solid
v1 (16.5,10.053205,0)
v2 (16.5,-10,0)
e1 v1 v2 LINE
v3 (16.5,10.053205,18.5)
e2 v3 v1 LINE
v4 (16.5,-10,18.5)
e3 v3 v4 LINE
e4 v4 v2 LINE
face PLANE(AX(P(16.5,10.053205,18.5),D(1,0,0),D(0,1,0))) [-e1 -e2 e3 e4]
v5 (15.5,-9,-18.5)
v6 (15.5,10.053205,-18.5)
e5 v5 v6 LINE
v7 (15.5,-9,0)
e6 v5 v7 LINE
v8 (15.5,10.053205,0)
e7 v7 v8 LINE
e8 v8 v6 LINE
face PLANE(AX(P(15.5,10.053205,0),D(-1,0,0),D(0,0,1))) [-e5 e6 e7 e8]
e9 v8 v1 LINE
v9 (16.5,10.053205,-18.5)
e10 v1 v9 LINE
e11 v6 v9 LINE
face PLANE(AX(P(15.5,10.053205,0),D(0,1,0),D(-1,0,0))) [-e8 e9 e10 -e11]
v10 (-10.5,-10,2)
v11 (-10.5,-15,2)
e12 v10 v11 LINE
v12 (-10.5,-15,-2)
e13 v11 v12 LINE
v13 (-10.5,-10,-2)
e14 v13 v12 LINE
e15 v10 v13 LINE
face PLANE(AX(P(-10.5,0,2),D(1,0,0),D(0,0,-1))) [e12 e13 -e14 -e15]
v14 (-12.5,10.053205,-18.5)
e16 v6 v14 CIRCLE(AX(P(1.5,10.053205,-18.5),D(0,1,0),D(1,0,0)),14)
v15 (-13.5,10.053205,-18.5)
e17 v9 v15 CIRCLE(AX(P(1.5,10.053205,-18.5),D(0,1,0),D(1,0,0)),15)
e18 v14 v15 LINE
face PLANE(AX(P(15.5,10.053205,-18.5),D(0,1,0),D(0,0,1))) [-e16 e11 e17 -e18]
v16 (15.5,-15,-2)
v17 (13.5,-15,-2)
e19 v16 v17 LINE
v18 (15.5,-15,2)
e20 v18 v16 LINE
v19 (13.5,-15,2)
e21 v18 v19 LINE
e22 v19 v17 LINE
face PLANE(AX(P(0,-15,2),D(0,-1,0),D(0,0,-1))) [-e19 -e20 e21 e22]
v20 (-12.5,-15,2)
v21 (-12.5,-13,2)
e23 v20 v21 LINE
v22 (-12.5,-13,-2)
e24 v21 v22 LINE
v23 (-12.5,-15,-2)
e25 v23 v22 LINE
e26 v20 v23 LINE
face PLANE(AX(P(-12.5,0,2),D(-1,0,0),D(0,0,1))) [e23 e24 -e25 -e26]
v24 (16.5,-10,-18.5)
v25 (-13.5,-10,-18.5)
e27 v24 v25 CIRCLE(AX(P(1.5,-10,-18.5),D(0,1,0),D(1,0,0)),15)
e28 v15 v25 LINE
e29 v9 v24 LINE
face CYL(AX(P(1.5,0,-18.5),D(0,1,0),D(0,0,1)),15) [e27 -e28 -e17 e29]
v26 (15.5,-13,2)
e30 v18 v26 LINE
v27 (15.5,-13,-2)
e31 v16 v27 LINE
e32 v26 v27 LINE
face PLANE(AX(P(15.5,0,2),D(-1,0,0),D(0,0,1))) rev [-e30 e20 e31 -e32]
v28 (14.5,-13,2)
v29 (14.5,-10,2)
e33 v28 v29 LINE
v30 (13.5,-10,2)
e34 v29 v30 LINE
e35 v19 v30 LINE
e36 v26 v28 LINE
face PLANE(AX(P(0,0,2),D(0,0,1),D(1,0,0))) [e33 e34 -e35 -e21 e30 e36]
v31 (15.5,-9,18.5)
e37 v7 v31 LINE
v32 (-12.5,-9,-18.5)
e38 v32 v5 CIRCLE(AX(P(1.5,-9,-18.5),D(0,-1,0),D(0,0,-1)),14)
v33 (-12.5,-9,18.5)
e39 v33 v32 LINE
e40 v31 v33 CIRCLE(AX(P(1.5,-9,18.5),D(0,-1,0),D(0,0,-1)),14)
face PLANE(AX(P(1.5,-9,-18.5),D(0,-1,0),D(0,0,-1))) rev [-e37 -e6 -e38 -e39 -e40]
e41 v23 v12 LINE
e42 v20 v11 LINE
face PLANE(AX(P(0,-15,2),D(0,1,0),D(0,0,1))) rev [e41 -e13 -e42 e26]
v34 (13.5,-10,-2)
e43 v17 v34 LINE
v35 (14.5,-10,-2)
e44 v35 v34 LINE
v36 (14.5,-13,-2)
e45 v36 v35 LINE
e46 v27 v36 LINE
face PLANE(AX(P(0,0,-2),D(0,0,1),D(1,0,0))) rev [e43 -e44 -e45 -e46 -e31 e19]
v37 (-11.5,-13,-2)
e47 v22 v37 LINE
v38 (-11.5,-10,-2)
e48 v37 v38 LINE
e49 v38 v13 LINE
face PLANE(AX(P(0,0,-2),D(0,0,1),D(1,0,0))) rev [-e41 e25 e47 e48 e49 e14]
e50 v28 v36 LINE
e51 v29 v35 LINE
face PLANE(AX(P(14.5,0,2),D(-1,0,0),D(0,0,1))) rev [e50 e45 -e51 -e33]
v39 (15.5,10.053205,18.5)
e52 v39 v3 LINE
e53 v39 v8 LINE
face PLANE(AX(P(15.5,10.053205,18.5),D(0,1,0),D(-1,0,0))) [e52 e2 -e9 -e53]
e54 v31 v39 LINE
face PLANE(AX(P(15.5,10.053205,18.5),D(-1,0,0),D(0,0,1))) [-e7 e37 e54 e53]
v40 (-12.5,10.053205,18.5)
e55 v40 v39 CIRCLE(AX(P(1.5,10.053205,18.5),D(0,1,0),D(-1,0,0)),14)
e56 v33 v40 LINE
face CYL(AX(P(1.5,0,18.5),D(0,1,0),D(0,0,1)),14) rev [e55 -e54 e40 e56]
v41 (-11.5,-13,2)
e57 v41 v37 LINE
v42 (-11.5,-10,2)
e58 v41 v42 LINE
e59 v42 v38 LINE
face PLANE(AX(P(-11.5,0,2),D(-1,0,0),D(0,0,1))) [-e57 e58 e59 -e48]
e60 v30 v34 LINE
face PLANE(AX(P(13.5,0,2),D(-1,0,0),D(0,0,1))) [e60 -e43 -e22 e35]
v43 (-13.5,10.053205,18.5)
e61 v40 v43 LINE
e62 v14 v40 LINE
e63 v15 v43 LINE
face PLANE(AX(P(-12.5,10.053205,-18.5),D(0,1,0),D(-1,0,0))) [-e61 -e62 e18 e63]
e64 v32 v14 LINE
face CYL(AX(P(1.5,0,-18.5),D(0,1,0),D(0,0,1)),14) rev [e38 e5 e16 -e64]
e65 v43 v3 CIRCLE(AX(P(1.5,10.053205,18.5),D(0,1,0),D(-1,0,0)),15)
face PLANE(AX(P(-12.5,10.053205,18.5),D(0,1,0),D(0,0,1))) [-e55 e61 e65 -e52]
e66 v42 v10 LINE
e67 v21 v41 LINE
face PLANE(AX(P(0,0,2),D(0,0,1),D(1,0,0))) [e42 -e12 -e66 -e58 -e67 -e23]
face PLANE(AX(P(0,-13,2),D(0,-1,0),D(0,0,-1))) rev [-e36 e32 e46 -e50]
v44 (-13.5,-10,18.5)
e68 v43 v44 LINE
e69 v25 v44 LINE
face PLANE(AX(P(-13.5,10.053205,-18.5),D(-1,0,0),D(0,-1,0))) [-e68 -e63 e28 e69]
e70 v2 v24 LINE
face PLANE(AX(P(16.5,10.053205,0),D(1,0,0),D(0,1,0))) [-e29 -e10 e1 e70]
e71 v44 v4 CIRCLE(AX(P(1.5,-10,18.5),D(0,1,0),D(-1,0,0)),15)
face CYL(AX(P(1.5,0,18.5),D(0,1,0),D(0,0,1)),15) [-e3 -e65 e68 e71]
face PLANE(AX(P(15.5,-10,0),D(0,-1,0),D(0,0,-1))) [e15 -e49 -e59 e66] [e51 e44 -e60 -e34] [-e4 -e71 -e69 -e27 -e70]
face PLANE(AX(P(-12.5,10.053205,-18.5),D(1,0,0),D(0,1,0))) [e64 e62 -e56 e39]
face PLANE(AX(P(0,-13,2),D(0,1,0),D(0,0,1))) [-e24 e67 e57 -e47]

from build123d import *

# Parameters (mm, degrees)
SKETCH1_W           = 1
SKETCH1_H           = 20.053205005
BOSS_EXTRUDE2_DEPTH = 1
BOSS_EXTRUDE4_DEPTH = 2


with BuildPart() as part:
    # Sweep9: sweep along a path in Sketch2
    with BuildLine(Plane(origin=(0, 0, 0), x_dir=(1, 0, 0), z_dir=(0, 1, 0))) as sweep9_path:
        Line((15.5, -18.5), (15.5, 18.5))
        ThreePointArc((15.5, 18.5), (1.5, 32.5), (-12.5, 18.5))
        Line((-12.5, 18.5), (-12.5, -18.5))
        ThreePointArc((-12.5, -18.5), (1.5, -32.5), (15.5, -18.5))
    # Sketch1 → Sweep9 (sweep)
    with BuildSketch(Plane.XY):
        with Locations((16, 0.026602503)):
            Rectangle(SKETCH1_W, SKETCH1_H)
    sweep(path=sweep9_path.line)

    # Sketch6 → Boss-Extrude2 (add)
    with BuildSketch(Plane.XZ.offset(10)):
        with BuildLine():
            Line((15.5, 0), (15.5, -18.5))
            ThreePointArc((15.5, -18.5), (1.5, -32.5), (-12.5, -18.5))
            Line((-12.5, -18.5), (-12.5, 18.5))
            ThreePointArc((-12.5, 18.5), (1.5, 32.5), (15.5, 18.5))
            Line((15.5, 18.5), (15.5, 0))
        make_face()
    extrude(amount=-BOSS_EXTRUDE2_DEPTH)

    # Sketch8 → Boss-Extrude4 (add, symmetric)
    with BuildSketch(Plane.XY):
        Polygon((-12.5, -13), (-12.5, -15), (-10.5, -15), (-10.5, -10), (-11.5, -10), (-11.5, -13), align=None)
        Polygon((15.5, -13), (14.5, -13), (14.5, -10), (13.5, -10), (13.5, -15), (15.5, -15), align=None)
    extrude(amount=BOSS_EXTRUDE4_DEPTH, both=True)


solid = part.part
